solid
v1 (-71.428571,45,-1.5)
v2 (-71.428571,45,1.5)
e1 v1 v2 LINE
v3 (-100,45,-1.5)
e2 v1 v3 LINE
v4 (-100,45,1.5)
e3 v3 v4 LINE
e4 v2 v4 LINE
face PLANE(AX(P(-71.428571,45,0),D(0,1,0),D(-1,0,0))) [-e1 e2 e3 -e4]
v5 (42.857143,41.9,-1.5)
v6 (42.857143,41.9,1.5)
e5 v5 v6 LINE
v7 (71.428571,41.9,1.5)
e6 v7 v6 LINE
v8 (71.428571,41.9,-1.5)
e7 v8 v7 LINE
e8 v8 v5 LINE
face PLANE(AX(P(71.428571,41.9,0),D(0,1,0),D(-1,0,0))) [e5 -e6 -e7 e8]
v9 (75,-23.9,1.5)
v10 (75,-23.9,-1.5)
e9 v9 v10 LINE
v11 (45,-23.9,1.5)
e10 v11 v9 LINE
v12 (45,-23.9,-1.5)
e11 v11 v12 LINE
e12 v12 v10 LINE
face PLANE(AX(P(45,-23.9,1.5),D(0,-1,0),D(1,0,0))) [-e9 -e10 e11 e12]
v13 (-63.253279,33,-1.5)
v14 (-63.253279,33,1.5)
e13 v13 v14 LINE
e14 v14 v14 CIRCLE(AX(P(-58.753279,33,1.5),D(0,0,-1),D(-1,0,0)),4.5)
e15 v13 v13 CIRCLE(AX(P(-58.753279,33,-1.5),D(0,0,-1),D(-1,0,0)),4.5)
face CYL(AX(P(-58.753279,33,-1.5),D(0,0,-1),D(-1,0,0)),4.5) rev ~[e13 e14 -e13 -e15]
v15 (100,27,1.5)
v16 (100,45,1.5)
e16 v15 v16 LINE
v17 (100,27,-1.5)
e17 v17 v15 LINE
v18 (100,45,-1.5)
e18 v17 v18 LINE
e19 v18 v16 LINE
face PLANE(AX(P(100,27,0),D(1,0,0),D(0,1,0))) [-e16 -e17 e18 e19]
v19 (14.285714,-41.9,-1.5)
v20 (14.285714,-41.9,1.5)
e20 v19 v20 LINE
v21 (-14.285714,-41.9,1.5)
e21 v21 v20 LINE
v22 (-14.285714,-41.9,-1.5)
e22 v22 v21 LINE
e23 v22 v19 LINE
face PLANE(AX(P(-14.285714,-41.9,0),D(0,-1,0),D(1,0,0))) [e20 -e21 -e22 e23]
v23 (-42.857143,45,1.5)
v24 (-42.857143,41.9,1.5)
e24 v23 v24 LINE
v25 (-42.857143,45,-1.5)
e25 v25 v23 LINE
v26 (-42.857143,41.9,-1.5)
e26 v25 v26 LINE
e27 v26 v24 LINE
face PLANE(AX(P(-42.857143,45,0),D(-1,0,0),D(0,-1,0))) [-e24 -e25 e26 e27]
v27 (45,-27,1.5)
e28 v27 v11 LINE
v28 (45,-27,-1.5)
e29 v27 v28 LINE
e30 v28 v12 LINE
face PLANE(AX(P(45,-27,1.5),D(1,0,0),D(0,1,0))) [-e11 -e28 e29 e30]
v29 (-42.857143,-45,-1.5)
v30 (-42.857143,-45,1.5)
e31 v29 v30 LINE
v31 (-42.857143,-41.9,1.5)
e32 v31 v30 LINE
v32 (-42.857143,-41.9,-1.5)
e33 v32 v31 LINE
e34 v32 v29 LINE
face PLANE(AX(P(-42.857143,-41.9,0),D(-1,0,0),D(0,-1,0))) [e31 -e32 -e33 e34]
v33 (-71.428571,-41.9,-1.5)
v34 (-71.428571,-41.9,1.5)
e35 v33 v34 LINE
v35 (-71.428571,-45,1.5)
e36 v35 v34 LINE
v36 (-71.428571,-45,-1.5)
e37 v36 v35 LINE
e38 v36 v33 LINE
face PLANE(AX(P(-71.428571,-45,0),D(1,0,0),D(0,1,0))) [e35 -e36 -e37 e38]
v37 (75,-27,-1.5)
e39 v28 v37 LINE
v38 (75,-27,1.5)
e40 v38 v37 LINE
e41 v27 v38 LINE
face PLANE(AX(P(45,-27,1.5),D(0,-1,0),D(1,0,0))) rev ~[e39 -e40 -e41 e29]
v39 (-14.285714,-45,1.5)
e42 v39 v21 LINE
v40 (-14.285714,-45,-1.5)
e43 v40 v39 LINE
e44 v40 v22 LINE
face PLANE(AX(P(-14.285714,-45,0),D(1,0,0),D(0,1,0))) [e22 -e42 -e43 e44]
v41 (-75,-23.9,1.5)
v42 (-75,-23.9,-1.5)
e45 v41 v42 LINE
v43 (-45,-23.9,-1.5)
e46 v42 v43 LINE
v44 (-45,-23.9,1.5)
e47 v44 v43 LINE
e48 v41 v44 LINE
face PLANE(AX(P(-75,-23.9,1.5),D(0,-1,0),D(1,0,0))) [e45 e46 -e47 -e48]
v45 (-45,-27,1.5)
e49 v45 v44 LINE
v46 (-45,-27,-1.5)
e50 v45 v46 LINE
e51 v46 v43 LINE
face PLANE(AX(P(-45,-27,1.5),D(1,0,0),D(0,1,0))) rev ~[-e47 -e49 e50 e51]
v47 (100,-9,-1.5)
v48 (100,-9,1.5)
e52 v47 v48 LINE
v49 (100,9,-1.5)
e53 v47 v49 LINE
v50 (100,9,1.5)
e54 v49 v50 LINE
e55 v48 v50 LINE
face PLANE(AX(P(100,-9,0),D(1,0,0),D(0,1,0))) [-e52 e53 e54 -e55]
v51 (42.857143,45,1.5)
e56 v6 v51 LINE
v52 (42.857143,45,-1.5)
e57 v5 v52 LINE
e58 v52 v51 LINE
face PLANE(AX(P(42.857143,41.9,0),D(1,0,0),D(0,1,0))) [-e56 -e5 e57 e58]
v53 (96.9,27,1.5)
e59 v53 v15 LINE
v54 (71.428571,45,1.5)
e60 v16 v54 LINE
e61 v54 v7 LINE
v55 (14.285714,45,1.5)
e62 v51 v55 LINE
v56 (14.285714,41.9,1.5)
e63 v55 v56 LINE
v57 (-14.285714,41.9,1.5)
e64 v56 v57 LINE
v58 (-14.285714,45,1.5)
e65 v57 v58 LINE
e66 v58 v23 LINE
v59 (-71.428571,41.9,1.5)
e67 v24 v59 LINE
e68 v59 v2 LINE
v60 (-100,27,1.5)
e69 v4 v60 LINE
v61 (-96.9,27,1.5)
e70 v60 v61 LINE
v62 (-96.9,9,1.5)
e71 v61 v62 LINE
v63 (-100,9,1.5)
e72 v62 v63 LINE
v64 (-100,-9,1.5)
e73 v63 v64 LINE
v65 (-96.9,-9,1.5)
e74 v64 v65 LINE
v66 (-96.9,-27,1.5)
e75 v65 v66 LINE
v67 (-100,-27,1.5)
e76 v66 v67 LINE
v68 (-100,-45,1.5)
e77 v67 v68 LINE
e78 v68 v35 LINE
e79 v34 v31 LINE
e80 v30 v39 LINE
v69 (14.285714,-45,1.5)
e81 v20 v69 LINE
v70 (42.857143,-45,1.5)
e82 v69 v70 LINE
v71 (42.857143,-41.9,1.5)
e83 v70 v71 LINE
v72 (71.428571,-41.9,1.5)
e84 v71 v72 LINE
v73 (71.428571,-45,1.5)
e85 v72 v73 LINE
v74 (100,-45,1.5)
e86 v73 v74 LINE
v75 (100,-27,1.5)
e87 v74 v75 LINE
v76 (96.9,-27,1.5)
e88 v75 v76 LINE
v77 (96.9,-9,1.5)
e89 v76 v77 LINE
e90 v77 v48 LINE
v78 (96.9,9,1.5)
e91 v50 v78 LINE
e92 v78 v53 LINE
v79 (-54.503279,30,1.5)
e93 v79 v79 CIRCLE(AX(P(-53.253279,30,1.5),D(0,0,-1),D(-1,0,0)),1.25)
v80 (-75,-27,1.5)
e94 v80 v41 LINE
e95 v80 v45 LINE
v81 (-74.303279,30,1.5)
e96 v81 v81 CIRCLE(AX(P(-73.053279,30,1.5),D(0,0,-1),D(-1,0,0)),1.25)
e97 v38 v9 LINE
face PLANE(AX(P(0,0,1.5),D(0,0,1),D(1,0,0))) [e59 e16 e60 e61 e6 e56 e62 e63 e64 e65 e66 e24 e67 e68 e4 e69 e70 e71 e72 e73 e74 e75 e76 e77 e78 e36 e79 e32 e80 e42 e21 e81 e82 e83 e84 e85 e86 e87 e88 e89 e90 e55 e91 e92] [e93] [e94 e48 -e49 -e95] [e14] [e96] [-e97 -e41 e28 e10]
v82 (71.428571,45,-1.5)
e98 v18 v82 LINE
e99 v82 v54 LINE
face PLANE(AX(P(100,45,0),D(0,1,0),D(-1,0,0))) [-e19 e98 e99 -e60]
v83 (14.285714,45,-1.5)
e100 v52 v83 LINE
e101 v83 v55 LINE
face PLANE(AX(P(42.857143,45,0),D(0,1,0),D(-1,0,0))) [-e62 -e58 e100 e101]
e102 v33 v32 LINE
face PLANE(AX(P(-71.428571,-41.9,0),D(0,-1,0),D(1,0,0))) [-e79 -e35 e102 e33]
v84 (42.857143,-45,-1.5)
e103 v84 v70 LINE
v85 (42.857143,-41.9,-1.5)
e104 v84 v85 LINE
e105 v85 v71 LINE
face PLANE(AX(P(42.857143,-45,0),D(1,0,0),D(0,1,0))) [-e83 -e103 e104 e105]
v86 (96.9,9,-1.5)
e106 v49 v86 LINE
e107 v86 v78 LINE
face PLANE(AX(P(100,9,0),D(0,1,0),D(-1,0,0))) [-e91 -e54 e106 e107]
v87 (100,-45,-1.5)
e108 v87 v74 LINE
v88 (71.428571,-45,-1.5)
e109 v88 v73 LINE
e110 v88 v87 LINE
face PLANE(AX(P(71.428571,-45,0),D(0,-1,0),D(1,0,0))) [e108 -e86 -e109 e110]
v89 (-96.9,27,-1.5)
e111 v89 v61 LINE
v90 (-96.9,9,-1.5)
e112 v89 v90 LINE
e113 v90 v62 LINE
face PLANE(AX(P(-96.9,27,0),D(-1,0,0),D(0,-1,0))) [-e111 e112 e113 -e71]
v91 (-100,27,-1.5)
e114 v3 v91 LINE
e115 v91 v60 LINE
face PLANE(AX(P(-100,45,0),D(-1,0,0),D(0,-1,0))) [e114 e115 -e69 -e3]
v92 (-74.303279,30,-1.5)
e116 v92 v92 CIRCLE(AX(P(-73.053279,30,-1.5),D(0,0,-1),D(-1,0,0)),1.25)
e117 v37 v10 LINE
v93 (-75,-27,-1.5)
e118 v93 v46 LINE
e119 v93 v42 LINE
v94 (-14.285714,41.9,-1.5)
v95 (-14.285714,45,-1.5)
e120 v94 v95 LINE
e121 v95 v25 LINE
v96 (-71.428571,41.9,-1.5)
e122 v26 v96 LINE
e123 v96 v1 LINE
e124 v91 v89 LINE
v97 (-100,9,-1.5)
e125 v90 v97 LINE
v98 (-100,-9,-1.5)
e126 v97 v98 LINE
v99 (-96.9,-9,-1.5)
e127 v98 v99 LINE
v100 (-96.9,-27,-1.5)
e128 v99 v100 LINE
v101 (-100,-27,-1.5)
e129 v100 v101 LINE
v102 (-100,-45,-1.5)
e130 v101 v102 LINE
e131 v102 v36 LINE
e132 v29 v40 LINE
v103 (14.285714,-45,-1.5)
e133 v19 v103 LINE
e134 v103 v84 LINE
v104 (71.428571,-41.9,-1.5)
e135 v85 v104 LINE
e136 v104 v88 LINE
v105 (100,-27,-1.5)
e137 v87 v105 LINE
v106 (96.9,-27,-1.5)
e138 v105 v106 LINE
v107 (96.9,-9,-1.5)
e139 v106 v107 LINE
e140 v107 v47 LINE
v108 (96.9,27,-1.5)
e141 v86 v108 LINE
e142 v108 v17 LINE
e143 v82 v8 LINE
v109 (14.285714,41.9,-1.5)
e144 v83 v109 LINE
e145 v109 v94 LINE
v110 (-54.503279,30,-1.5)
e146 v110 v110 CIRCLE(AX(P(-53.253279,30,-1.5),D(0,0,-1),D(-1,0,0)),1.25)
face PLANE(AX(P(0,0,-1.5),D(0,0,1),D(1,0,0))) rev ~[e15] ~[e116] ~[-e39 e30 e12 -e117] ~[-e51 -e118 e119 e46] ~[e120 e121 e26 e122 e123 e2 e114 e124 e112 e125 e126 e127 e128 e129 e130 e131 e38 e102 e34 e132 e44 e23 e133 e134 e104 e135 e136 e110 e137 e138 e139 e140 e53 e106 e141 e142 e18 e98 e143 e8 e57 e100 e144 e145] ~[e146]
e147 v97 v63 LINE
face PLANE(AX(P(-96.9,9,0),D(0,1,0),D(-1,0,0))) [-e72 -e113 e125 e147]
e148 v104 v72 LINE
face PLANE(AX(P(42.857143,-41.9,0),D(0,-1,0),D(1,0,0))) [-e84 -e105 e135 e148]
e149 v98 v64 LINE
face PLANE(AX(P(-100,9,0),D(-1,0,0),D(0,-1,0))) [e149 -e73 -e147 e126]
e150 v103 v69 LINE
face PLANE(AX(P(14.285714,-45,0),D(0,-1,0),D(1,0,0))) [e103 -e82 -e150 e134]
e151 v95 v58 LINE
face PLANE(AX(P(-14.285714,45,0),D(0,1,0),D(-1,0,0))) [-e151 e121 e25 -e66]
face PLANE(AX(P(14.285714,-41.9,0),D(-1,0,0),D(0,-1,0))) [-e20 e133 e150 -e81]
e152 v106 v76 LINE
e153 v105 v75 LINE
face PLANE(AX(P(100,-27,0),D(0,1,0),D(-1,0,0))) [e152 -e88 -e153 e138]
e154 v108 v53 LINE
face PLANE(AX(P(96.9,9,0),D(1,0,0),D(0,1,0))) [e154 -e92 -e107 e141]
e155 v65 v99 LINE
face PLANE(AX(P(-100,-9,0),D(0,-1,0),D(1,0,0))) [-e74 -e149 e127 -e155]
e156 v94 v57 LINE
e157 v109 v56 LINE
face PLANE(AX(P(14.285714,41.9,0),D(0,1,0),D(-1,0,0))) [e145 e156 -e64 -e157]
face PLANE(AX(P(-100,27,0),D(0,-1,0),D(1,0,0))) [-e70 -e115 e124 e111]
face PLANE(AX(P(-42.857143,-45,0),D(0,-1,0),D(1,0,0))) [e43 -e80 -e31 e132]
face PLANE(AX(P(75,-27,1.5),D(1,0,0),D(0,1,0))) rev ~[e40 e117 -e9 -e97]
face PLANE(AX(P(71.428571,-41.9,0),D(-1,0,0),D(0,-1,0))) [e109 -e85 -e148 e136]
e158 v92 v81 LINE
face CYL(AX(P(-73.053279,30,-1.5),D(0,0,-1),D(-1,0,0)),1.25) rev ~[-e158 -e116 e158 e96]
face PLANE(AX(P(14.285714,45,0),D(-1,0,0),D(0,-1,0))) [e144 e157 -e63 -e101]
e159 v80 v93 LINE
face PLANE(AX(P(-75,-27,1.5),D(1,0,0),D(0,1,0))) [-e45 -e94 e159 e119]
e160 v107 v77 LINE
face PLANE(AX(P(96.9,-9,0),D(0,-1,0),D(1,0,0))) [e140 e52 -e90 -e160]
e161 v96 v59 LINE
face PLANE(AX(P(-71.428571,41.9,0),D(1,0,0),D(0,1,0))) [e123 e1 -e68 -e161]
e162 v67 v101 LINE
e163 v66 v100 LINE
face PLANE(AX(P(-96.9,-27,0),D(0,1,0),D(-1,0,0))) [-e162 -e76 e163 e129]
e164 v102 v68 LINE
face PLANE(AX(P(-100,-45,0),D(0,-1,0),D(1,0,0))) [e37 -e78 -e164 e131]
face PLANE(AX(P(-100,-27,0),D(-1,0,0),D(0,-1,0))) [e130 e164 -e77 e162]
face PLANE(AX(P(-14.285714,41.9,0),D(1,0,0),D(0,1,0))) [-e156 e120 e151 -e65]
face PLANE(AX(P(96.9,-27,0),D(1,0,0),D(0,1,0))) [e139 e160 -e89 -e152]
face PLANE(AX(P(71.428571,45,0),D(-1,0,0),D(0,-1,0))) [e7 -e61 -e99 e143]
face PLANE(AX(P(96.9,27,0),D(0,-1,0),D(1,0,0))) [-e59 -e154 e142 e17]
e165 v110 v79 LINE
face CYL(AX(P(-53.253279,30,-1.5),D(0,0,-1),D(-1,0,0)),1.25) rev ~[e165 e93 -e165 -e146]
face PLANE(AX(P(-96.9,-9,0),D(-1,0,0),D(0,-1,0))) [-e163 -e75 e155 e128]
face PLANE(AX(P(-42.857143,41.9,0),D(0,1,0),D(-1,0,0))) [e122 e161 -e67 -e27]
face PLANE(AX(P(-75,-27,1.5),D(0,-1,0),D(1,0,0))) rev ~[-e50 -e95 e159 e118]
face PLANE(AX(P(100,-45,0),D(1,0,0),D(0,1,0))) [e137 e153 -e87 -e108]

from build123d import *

# Parameters (mm, degrees)
SALIENTE_EXTRUIR1_DEPTH = 1.5
CROQUIS2_W              = 30
CROQUIS2_H              = 3.1
CORTAR_EXTRUIR1_DEPTH   = 10
CROQUIS6_R              = 1.25
CROQUIS6_R_2            = 4.5
CORTAR_EXTRUIR2_DEPTH   = 3


with BuildPart() as part:
    # Croquis1 → Saliente-Extruir1 (new, symmetric)
    with BuildSketch(Plane.XY):
        Polygon((-100, -27), (-100, -45), (-71.428571429, -45), (-71.428571429, -41.9), (-42.857142857, -41.9), (-42.857142857, -45), (-14.285714286, -45), (-14.285714286, -41.9), (14.285714286, -41.9), (14.285714286, -45), (42.857142857, -45), (42.857142857, -41.9), (71.428571429, -41.9), (71.428571429, -45), (100, -45), (100, -27), (96.9, -27), (96.9, -9), (100, -9), (100, 9), (96.9, 9), (96.9, 27), (100, 27), (100, 45), (71.428571429, 45), (71.428571429, 41.9), (42.857142857, 41.9), (42.857142857, 45), (14.285714286, 45), (14.285714286, 41.9), (-14.285714286, 41.9), (-14.285714286, 45), (-42.857142857, 45), (-42.857142857, 41.9), (-71.428571429, 41.9), (-71.428571429, 45), (-100, 45), (-100, 27), (-96.9, 27), (-96.9, 9), (-100, 9), (-100, -9), (-96.9, -9), (-96.9, -27), align=None)
    extrude(amount=SALIENTE_EXTRUIR1_DEPTH, both=True)

    # Croquis2 → Cortar-Extruir1 (cut)
    with BuildSketch(Plane.XY.offset(1.5)):
        with Locations((-60, -25.45)):
            Rectangle(CROQUIS2_W, CROQUIS2_H)
        with Locations((60, -25.45)):
            Rectangle(CROQUIS2_W, CROQUIS2_H)
    extrude(amount=-CORTAR_EXTRUIR1_DEPTH, mode=Mode.SUBTRACT)

    # Croquis6 → Cortar-Extruir2 (cut)
    with BuildSketch(Plane(origin=(0, 0, -1.5), x_dir=(-1, 0, 0), z_dir=(0, 0, -1))):
        with Locations((53.253279384, 30)):
            Circle(CROQUIS6_R)
        with Locations((73.053279384, 30)):
            Circle(CROQUIS6_R)
        with Locations((58.753279384, 33)):
            Circle(CROQUIS6_R_2)
    extrude(amount=-CORTAR_EXTRUIR2_DEPTH, mode=Mode.SUBTRACT)


solid = part.part
